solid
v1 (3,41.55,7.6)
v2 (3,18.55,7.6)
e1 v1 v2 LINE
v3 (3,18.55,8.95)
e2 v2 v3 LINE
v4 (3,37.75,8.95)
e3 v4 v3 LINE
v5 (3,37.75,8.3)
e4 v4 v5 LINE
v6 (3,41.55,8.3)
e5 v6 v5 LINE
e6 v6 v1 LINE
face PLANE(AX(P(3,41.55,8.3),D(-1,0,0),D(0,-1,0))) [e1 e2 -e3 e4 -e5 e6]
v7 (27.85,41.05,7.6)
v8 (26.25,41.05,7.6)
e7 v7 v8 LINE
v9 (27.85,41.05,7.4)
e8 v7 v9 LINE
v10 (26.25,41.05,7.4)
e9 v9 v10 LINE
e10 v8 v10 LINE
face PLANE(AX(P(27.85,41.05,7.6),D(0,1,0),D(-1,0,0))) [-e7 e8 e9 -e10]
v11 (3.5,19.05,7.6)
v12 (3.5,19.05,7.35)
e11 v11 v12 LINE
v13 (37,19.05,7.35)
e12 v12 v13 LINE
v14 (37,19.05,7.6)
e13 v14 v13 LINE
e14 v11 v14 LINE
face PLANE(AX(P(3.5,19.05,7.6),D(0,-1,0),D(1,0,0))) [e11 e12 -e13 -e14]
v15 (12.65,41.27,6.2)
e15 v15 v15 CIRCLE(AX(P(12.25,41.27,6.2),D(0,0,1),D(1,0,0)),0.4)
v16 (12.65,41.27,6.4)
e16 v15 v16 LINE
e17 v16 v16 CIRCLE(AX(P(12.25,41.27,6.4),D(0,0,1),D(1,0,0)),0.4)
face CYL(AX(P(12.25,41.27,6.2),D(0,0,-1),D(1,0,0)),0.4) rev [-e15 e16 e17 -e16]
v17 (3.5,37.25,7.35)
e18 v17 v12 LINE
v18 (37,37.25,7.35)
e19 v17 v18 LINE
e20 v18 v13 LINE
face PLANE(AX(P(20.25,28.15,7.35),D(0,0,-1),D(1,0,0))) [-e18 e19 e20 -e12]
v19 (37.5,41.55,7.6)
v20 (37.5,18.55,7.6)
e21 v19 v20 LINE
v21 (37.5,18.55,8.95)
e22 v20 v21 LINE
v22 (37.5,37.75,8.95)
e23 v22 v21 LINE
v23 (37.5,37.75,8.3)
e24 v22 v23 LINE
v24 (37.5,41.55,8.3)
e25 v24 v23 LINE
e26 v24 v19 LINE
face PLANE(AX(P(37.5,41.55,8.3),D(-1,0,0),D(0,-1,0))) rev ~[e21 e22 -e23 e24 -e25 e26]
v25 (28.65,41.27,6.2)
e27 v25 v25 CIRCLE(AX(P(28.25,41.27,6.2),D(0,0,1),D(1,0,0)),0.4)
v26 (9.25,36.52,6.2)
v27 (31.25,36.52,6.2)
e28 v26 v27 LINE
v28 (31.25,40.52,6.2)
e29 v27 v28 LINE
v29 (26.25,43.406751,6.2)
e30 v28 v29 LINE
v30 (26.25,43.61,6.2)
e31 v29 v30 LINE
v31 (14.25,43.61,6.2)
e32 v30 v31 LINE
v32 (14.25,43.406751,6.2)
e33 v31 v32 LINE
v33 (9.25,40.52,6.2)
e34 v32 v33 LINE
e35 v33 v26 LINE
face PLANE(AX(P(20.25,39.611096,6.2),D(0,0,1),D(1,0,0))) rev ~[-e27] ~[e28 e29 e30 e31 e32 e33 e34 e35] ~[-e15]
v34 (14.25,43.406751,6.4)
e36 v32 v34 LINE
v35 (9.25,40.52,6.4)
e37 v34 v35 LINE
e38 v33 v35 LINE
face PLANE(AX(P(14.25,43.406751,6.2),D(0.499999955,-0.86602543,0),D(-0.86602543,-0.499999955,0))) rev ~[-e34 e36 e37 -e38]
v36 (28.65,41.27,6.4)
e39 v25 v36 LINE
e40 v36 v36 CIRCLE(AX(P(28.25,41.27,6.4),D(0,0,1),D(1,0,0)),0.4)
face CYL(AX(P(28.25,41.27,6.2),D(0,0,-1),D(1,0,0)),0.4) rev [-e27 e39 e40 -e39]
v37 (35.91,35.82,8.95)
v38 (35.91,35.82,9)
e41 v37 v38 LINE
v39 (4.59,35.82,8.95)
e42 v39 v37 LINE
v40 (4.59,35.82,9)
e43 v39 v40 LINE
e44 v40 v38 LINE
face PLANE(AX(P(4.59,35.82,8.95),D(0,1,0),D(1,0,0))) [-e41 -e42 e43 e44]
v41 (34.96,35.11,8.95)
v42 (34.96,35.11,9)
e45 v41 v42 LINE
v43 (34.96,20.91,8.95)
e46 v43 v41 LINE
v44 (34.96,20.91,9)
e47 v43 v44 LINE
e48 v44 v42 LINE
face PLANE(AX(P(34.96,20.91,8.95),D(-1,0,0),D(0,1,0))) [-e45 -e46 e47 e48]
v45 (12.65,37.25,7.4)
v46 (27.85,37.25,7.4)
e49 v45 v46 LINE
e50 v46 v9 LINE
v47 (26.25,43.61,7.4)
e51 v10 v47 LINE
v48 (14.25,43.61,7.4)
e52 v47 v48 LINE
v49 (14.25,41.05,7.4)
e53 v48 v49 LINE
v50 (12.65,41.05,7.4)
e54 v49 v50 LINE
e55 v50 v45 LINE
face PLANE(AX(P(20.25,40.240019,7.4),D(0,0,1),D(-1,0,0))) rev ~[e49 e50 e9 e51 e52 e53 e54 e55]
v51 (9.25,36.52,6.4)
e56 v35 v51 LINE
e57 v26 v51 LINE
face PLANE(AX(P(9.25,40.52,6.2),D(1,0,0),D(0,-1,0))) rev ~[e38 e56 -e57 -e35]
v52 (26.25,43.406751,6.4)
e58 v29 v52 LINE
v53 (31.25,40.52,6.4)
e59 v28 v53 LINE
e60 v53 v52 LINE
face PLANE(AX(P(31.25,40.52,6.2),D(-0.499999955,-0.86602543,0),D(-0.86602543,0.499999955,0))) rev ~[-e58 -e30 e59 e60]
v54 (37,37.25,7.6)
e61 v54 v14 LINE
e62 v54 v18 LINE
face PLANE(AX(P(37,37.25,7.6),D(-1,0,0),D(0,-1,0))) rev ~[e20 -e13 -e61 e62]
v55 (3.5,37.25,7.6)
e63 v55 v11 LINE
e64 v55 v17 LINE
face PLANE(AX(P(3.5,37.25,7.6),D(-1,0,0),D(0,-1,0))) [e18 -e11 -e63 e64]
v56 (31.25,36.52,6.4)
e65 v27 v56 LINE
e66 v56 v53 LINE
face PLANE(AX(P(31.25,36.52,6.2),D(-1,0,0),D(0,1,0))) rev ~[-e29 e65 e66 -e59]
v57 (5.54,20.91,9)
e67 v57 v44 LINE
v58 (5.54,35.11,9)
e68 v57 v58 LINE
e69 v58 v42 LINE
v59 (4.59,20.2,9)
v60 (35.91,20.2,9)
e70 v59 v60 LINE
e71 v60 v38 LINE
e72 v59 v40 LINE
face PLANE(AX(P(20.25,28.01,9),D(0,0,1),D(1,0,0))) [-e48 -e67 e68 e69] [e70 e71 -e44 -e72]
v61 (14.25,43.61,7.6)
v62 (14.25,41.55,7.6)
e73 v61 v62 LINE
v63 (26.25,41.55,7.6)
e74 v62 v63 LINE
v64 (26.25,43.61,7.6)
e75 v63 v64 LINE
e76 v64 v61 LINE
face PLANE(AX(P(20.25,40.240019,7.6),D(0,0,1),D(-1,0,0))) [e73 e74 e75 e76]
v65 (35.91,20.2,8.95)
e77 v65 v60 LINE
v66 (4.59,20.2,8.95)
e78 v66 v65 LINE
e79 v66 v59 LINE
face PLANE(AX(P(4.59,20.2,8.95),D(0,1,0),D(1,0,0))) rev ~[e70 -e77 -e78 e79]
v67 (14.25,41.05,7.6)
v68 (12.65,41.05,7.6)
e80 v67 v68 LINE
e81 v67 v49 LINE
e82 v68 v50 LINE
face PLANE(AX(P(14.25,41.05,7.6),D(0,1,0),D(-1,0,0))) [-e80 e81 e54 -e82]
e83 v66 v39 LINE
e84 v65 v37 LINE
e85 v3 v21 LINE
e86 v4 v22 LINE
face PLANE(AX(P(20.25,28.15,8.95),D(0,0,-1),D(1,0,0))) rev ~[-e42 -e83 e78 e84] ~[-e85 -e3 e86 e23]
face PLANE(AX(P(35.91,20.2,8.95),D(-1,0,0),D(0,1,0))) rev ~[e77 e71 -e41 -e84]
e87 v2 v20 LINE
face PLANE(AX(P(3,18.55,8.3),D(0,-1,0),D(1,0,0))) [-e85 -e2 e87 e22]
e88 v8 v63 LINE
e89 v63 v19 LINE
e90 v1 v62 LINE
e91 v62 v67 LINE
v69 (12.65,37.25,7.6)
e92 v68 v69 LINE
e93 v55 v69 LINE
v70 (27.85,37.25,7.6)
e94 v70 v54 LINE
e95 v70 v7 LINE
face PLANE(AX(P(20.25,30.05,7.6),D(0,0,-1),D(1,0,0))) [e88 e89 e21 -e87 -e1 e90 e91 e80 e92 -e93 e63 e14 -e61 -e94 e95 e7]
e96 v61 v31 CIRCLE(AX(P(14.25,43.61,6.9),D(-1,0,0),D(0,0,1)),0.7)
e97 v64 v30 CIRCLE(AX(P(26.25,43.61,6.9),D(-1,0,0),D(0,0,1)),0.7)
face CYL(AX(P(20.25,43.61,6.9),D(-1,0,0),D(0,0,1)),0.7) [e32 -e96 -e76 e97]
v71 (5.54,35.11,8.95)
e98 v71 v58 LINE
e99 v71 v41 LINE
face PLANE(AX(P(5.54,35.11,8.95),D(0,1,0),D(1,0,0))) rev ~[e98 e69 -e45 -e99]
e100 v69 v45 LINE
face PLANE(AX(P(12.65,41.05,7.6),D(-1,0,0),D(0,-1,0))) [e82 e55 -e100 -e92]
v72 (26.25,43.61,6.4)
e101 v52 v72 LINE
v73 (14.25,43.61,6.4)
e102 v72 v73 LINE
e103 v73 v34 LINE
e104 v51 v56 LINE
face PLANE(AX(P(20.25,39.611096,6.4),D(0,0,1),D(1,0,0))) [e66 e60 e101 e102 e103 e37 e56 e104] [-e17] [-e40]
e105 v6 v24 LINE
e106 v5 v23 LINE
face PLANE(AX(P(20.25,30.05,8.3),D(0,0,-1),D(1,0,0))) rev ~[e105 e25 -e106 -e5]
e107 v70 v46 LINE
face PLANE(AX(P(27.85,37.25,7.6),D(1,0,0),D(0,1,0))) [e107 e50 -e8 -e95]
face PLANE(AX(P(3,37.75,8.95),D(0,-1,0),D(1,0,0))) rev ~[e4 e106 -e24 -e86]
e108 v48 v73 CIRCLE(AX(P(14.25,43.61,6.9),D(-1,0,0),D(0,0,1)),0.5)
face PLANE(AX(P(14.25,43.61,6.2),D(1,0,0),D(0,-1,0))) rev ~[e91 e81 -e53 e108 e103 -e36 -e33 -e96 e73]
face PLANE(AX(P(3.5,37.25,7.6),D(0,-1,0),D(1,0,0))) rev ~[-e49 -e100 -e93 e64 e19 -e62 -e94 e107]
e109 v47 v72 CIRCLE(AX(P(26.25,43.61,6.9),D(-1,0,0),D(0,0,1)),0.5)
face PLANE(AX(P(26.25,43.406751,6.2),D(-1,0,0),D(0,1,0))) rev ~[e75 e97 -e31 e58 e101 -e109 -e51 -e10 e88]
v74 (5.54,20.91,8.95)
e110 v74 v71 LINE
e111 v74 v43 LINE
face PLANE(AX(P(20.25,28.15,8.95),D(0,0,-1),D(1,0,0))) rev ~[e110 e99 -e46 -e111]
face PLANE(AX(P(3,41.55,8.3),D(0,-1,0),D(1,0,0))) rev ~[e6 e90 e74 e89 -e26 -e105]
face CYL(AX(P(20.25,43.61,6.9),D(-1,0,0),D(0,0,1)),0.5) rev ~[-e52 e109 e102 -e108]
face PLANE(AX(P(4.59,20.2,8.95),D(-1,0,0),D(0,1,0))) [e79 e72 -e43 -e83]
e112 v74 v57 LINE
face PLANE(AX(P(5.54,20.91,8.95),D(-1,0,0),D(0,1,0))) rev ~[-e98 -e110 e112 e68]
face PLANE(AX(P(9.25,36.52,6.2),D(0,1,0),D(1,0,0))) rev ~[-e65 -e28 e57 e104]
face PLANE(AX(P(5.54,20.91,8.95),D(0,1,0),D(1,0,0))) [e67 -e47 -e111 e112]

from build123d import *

# Parameters (mm, degrees)
SKETCH030_W      = 34.5
SKETCH030_H      = 19.2
PAD018_DEPTH     = 0.65
SKETCH031_W      = 31.32
SKETCH031_H      = 15.62
SKETCH031_W_2    = 29.42
SKETCH031_H_2    = 14.2
PAD019_DEPTH     = 0.05
SKETCH032_W      = 34.5
SKETCH032_H      = 23
PAD020_DEPTH     = 0.7
SKETCH033_W      = 33.5
SKETCH033_H      = 18.2
PAD021_DEPTH     = 0.25
PAD024_DEPTH     = 0.2
SKETCH038_W      = 12
SKETCH038_H      = 0.2
REVOLUTION_ANGLE = 180
SKETCH039_R      = 0.4
PAD025_DEPTH     = 0.2


with BuildPart() as part:
    # Sketch030 (on Face1 of CopyPad017) → Pad018 (new body)
    with BuildSketch(Plane(origin=(0, 0, 8.95), x_dir=(1, 0, 0), z_dir=(0, 0, -1))):
        with Locations((20.25, -28.15)):
            Rectangle(SKETCH030_W, SKETCH030_H)
    extrude(amount=PAD018_DEPTH)

    # Sketch031 (on Face5 of Pad018) → Pad019 (join)
    with BuildSketch(Plane.XY.offset(8.95)):
        with Locations((20.25, 28.01)):
            Rectangle(SKETCH031_W, SKETCH031_H)
        with Locations((20.25, 28.01)):
            Rectangle(SKETCH031_W_2, SKETCH031_H_2, mode=Mode.SUBTRACT)
    extrude(amount=PAD019_DEPTH)

    # Sketch032 (on Face5 of Pad019) → Pad020 (join)
    with BuildSketch(Plane(origin=(0, 0, 8.3), x_dir=(1, 0, 0), z_dir=(0, 0, -1))):
        with Locations((20.25, -30.05)):
            Rectangle(SKETCH032_W, SKETCH032_H)
    extrude(amount=PAD020_DEPTH)

    # Sketch033 (on Face13 of Pad020) → Pad021 (join)
    with BuildSketch(Plane(origin=(0, 0, 7.6), x_dir=(1, 0, 0), z_dir=(0, 0, -1))):
        with Locations((20.25, -28.15)):
            Rectangle(SKETCH033_W, SKETCH033_H)
    extrude(amount=PAD021_DEPTH)

    # Sketch037 (on Face13 of Pad021) → Pad024 (join)
    with BuildSketch(Plane(origin=(0, 0, 7.6), x_dir=(1, 0, 0), z_dir=(0, 0, -1))):
        Polygon((12.65, -37.25), (27.85, -37.25), (27.85, -41.05), (26.25, -41.05), (26.25, -43.61), (14.25, -43.61), (14.25, -41.05), (12.65, -41.05), align=None)
    extrude(amount=PAD024_DEPTH)

    # Sketch038 (on Face32 of Pad024) → Revolution (revolve)
    with BuildSketch(Plane(origin=(0, 43.61, 0), x_dir=(-1, 0, 0), z_dir=(0, 1, 0))):
        with Locations((-20.25, 7.5)):
            Rectangle(SKETCH038_W, SKETCH038_H)
    revolve(axis=Axis((26.262199, 43.61, 6.9), (-1, 0, 0)), revolution_arc=REVOLUTION_ANGLE)

    # Sketch039 (on Face27 of Revolution) → Pad025 (join)
    with BuildSketch(Plane.XY.offset(6.2)):
        Polygon((14.25, 43.61), (14.25, 43.406751), (9.25, 40.52), (9.25, 36.52), (31.25, 36.52), (31.25, 40.52), (26.25, 43.406751), (26.25, 43.61), align=None)
        with Locations((12.25, 41.27)):
            Circle(SKETCH039_R, mode=Mode.SUBTRACT)
        with Locations((28.25, 41.27)):
            Circle(SKETCH039_R, mode=Mode.SUBTRACT)
    extrude(amount=PAD025_DEPTH)


solid = part.part
